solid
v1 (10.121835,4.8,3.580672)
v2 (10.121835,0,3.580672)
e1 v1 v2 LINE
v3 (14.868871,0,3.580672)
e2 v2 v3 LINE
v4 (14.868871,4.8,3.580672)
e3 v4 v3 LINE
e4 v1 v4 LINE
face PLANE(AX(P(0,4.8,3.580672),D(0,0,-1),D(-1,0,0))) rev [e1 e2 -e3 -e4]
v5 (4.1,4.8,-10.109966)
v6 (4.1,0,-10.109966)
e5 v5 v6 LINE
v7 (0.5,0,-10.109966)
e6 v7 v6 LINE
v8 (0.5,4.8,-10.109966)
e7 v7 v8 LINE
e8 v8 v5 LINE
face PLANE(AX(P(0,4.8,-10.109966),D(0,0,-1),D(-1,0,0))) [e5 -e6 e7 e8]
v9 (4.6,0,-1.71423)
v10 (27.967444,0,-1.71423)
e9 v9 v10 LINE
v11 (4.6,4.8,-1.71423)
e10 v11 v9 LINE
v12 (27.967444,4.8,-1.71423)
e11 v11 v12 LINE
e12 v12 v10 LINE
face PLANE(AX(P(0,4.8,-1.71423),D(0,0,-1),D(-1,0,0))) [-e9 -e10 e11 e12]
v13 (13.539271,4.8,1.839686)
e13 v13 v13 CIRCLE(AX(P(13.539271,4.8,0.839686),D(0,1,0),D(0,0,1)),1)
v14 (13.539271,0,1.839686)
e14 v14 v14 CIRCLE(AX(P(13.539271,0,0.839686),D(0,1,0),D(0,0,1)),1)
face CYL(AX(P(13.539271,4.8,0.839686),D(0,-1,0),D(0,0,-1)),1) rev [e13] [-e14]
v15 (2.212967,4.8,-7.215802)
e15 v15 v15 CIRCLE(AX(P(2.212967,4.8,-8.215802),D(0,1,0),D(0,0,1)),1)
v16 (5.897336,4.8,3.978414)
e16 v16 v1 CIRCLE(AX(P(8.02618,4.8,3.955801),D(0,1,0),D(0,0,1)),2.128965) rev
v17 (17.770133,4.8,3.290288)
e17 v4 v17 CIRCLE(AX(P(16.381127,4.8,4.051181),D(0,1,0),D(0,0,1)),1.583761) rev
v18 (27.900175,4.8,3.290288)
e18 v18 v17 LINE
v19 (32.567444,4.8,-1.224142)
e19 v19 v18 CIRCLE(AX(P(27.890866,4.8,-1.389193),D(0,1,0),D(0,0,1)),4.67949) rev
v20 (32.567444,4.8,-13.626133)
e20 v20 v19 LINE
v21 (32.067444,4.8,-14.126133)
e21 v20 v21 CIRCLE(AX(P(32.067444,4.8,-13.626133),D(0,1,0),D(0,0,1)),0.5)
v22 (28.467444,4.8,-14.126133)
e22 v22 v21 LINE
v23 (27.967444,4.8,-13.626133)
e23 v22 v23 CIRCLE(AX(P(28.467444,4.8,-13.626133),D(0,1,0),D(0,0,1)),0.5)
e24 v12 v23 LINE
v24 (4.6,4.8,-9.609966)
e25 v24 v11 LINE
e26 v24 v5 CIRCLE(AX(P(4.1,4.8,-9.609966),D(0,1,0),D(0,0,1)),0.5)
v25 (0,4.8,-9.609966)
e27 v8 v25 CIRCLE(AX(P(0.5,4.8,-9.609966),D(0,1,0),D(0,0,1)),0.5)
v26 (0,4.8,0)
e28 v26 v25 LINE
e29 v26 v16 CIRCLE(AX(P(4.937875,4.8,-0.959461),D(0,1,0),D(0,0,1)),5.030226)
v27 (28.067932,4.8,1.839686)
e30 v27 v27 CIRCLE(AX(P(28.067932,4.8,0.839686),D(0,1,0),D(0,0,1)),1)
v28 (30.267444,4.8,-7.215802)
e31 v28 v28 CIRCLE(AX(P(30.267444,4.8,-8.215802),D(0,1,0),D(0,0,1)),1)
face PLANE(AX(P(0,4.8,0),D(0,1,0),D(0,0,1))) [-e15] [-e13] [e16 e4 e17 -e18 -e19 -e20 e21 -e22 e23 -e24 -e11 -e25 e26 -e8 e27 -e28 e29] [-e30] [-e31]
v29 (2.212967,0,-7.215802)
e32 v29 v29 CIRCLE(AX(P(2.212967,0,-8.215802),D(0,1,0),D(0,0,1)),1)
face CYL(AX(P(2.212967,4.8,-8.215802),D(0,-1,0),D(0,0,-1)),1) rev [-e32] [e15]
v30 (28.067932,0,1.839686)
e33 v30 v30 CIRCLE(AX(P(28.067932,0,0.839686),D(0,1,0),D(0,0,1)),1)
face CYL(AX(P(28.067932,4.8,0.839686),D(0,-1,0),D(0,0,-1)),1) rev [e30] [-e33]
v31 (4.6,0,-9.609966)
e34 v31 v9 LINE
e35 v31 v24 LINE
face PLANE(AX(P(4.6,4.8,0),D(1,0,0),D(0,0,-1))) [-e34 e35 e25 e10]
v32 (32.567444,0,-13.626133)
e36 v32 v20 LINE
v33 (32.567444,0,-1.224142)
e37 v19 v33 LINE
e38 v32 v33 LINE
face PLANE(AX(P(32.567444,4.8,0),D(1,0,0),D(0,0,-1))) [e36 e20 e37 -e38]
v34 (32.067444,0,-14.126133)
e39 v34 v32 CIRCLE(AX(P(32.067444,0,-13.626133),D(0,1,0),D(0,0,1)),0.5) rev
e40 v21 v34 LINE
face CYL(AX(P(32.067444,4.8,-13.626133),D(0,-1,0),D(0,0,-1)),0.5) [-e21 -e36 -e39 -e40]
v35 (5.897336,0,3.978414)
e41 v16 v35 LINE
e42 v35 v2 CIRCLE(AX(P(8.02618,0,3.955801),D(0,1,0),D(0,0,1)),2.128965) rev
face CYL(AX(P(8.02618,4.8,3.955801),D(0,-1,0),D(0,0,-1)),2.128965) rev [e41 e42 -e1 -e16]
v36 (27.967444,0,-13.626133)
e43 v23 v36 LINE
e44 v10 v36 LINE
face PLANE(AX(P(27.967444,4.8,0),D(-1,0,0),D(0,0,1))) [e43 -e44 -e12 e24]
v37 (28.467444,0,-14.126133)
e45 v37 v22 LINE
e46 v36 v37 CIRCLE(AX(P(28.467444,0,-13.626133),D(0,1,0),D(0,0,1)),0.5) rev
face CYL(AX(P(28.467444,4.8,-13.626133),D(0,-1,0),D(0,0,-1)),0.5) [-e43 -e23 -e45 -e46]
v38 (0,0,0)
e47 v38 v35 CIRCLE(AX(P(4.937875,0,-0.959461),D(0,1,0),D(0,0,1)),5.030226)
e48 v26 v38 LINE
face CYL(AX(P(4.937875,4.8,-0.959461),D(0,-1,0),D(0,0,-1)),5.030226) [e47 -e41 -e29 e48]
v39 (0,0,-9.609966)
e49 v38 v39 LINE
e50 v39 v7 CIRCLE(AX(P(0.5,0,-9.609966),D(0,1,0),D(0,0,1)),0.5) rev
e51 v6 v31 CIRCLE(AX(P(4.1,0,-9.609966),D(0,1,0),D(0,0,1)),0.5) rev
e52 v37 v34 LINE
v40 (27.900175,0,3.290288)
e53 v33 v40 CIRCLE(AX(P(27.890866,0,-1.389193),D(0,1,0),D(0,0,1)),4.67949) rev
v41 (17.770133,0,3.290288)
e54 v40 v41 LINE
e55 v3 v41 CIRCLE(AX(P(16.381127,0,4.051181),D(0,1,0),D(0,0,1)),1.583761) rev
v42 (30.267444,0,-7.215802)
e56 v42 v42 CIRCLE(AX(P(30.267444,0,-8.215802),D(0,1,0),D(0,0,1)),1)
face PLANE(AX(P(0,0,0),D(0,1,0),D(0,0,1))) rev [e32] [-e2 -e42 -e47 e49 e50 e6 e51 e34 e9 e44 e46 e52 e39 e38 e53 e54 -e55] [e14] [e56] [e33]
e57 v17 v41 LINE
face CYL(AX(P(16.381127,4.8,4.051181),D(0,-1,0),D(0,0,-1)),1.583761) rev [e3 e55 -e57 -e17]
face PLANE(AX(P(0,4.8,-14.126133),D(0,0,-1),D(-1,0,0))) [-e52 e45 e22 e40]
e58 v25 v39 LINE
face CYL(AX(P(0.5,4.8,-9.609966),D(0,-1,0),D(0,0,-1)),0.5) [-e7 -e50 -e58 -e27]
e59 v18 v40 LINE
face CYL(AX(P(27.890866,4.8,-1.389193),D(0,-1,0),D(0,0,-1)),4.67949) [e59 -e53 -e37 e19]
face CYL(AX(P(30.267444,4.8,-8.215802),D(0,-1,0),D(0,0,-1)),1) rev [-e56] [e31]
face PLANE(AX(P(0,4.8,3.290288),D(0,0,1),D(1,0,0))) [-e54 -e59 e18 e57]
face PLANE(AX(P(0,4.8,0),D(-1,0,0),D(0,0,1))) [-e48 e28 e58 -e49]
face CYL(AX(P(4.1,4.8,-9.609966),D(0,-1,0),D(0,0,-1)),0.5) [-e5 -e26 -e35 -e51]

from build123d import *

# Parameters (mm, degrees)
SKETCH1_R           = 1
BOSS_EXTRUDE1_DEPTH = 4.8
FILLET1_R           = 0.5


with BuildPart() as part:
    # Sketch1 → Boss-Extrude1 (new body)
    with BuildSketch(Plane(origin=(0, 0, 0), x_dir=(1, 0, 0), z_dir=(0, 1, 0))):
        with BuildLine():
            Line((0, 0), (0, 10.109966322))
            Line((0, 10.109966322), (4.6, 10.109966322))
            Line((4.6, 10.109966322), (4.6, 1.714229872))
            Line((4.6, 1.714229872), (27.967443814, 1.714229872))
            Line((27.967443814, 1.714229872), (27.967443814, 14.126132931))
            Line((27.967443814, 14.126132931), (32.567443814, 14.126132931))
            Line((32.567443814, 14.126132931), (32.567443814, 1.22414249))
            ThreePointArc((32.567443814, 1.22414249), (31.144234193, -1.974320184), (27.900175322, -3.290287941))
            Line((27.900175322, -3.290287941), (17.770133396, -3.290287941))
            ThreePointArc((17.770133396, -3.290287941), (16.223398412, -2.475294407), (14.868870839, -3.580671549))
            Line((14.868870839, -3.580671549), (10.12183502, -3.580671549))
            ThreePointArc((10.12183502, -3.580671549), (7.826617972, -1.836209825), (5.897335796, -3.978413896))
            ThreePointArc((5.897335796, -3.978413896), (2.124711402, -3.210585182), (0, 0))
        make_face()
        with Locations((28.067931627, -0.839685826)):
            Circle(SKETCH1_R, mode=Mode.SUBTRACT)
        with Locations((30.267443814, 8.215801601)):
            Circle(SKETCH1_R, mode=Mode.SUBTRACT)
        with Locations((2.212966765, 8.215801601)):
            Circle(SKETCH1_R, mode=Mode.SUBTRACT)
        with Locations((13.539270752, -0.839685826)):
            Circle(SKETCH1_R, mode=Mode.SUBTRACT)
    extrude(amount=BOSS_EXTRUDE1_DEPTH)

    # Fillet1
    fillet1_edges = [part.edges().sort_by_distance(p)[0] for p in [
        (27.967443814, 2.4, -14.126132931),
        (32.567443814, 2.4, -14.126132931),
        (0, 2.4, -10.109966322),
        (4.6, 2.4, -10.109966322),
    ]]
    fillet(fillet1_edges, radius=FILLET1_R)


solid = part.part
